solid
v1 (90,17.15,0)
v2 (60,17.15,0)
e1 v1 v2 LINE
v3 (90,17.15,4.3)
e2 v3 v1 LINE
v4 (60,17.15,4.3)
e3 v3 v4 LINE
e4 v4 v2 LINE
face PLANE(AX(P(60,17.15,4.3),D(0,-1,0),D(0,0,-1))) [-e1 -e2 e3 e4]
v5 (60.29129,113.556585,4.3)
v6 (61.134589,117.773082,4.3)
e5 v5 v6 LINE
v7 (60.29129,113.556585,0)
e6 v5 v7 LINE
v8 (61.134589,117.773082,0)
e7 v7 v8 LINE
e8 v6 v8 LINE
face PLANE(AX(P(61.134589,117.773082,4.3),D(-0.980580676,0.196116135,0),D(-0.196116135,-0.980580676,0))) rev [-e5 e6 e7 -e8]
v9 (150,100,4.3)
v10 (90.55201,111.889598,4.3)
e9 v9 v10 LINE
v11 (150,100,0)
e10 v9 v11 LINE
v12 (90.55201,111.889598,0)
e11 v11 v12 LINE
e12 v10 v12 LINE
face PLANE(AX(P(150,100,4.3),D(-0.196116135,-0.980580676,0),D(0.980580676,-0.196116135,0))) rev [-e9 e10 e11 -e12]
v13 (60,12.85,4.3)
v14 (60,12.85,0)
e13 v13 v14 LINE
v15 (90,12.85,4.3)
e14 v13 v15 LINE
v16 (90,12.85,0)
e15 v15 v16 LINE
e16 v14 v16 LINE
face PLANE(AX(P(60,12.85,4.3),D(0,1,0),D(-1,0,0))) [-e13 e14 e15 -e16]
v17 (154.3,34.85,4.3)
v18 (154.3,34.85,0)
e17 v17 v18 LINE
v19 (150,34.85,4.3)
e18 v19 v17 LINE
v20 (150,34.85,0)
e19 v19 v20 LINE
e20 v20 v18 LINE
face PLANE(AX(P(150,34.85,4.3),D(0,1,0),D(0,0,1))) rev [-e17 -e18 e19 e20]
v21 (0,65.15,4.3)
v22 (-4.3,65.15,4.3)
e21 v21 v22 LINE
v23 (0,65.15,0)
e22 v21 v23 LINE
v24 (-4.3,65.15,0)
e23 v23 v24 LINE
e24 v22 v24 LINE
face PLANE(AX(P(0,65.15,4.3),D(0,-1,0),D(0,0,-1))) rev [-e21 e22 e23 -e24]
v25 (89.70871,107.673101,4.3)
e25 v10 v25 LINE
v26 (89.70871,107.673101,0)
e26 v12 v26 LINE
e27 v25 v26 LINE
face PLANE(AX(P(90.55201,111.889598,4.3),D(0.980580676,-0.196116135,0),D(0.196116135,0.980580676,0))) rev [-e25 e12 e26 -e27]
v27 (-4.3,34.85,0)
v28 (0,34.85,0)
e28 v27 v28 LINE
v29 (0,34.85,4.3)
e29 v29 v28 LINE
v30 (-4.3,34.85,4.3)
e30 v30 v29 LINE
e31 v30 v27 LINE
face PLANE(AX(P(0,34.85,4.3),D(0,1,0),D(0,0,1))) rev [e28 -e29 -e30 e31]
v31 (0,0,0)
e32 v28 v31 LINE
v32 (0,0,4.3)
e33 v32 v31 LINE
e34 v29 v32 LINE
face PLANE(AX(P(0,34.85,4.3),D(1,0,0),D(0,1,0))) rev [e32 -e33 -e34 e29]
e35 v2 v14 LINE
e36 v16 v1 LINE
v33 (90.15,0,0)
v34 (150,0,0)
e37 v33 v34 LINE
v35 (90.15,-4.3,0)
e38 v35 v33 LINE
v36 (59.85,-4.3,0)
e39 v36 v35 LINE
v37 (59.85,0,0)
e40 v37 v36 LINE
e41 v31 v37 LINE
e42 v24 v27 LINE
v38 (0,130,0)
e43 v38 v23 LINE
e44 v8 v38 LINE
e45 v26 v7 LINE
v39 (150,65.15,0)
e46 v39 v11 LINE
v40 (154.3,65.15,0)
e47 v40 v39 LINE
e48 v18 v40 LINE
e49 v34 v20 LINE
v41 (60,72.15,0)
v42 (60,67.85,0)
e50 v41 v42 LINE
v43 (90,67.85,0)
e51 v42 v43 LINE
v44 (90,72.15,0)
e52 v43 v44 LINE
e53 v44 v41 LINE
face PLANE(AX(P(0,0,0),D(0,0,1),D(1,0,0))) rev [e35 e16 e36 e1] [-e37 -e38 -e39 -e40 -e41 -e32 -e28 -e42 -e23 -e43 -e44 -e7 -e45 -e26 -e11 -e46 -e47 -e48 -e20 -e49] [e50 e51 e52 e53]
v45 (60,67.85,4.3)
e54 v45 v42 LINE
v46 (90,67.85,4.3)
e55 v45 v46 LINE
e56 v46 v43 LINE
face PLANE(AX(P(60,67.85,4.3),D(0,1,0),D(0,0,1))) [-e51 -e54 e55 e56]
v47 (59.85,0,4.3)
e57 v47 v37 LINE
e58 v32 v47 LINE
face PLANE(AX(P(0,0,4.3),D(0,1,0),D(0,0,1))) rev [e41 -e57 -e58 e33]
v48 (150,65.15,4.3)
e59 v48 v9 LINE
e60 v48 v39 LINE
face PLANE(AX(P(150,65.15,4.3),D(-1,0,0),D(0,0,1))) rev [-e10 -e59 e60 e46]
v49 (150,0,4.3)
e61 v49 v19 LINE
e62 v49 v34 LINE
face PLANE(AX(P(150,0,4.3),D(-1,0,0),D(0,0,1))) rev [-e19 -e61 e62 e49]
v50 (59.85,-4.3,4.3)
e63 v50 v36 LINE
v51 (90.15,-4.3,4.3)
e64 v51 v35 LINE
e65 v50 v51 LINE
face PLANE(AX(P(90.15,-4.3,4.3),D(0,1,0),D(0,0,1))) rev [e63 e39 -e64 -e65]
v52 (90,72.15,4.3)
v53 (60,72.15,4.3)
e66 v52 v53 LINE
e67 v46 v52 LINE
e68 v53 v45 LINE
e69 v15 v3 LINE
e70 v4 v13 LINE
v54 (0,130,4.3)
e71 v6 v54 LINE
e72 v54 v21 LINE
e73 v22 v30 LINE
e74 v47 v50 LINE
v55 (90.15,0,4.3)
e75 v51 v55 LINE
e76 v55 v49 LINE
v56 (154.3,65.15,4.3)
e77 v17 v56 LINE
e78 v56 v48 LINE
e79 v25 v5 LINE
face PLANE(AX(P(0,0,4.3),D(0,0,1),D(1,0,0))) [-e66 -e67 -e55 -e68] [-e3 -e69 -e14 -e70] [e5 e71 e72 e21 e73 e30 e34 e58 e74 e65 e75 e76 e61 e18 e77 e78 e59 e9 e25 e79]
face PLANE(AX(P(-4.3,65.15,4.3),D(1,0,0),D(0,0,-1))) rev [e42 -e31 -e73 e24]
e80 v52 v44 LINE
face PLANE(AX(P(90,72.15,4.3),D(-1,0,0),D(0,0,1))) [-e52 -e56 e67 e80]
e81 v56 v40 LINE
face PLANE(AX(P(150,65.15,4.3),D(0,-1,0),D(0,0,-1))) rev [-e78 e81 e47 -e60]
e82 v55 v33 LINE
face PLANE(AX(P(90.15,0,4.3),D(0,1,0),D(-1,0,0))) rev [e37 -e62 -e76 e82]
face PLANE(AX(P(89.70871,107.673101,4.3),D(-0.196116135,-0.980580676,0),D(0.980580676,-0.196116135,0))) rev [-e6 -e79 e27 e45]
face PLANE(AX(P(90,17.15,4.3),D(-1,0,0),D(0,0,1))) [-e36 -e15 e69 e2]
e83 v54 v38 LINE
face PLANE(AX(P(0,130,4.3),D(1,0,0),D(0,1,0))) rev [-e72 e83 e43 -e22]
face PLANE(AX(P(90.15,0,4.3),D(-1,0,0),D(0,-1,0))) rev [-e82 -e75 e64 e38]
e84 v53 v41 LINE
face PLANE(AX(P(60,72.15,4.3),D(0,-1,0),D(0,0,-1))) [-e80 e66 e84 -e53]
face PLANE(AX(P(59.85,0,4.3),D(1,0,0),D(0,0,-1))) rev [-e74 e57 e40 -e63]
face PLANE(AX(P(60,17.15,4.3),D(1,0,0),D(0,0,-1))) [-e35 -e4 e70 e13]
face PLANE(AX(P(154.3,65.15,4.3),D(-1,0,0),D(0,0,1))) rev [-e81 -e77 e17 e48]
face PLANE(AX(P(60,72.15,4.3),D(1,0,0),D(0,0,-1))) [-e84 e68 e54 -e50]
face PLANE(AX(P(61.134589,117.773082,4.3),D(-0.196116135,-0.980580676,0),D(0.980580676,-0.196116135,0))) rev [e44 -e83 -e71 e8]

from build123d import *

# Parameters (mm, degrees)
SKETCH1_W           = 30
SKETCH1_H           = 4.3
BOSS_EXTRUDE1_DEPTH = 4.3


with BuildPart() as part:
    # Sketch1 → Boss-Extrude1 (new body)
    with BuildSketch(Plane.XY):
        Polygon((0, 130), (0, 65.15), (-4.3, 65.15), (-4.3, 34.85), (0, 34.85), (0, 0), (59.85, 0), (59.85, -4.3), (90.15, -4.3), (90.15, 0), (150, 0), (150, 34.85), (154.3, 34.85), (154.3, 65.15), (150, 65.15), (150, 100), (90.552009516, 111.889598097), (89.708710135, 107.673101191), (60.291289865, 113.556585245), (61.134589246, 117.773082151), align=None)
        with Locations((75, 15)):
            Rectangle(SKETCH1_W, SKETCH1_H, mode=Mode.SUBTRACT)
        with Locations((75, 70)):
            Rectangle(SKETCH1_W, SKETCH1_H, mode=Mode.SUBTRACT)
    extrude(amount=BOSS_EXTRUDE1_DEPTH)


solid = part.part
